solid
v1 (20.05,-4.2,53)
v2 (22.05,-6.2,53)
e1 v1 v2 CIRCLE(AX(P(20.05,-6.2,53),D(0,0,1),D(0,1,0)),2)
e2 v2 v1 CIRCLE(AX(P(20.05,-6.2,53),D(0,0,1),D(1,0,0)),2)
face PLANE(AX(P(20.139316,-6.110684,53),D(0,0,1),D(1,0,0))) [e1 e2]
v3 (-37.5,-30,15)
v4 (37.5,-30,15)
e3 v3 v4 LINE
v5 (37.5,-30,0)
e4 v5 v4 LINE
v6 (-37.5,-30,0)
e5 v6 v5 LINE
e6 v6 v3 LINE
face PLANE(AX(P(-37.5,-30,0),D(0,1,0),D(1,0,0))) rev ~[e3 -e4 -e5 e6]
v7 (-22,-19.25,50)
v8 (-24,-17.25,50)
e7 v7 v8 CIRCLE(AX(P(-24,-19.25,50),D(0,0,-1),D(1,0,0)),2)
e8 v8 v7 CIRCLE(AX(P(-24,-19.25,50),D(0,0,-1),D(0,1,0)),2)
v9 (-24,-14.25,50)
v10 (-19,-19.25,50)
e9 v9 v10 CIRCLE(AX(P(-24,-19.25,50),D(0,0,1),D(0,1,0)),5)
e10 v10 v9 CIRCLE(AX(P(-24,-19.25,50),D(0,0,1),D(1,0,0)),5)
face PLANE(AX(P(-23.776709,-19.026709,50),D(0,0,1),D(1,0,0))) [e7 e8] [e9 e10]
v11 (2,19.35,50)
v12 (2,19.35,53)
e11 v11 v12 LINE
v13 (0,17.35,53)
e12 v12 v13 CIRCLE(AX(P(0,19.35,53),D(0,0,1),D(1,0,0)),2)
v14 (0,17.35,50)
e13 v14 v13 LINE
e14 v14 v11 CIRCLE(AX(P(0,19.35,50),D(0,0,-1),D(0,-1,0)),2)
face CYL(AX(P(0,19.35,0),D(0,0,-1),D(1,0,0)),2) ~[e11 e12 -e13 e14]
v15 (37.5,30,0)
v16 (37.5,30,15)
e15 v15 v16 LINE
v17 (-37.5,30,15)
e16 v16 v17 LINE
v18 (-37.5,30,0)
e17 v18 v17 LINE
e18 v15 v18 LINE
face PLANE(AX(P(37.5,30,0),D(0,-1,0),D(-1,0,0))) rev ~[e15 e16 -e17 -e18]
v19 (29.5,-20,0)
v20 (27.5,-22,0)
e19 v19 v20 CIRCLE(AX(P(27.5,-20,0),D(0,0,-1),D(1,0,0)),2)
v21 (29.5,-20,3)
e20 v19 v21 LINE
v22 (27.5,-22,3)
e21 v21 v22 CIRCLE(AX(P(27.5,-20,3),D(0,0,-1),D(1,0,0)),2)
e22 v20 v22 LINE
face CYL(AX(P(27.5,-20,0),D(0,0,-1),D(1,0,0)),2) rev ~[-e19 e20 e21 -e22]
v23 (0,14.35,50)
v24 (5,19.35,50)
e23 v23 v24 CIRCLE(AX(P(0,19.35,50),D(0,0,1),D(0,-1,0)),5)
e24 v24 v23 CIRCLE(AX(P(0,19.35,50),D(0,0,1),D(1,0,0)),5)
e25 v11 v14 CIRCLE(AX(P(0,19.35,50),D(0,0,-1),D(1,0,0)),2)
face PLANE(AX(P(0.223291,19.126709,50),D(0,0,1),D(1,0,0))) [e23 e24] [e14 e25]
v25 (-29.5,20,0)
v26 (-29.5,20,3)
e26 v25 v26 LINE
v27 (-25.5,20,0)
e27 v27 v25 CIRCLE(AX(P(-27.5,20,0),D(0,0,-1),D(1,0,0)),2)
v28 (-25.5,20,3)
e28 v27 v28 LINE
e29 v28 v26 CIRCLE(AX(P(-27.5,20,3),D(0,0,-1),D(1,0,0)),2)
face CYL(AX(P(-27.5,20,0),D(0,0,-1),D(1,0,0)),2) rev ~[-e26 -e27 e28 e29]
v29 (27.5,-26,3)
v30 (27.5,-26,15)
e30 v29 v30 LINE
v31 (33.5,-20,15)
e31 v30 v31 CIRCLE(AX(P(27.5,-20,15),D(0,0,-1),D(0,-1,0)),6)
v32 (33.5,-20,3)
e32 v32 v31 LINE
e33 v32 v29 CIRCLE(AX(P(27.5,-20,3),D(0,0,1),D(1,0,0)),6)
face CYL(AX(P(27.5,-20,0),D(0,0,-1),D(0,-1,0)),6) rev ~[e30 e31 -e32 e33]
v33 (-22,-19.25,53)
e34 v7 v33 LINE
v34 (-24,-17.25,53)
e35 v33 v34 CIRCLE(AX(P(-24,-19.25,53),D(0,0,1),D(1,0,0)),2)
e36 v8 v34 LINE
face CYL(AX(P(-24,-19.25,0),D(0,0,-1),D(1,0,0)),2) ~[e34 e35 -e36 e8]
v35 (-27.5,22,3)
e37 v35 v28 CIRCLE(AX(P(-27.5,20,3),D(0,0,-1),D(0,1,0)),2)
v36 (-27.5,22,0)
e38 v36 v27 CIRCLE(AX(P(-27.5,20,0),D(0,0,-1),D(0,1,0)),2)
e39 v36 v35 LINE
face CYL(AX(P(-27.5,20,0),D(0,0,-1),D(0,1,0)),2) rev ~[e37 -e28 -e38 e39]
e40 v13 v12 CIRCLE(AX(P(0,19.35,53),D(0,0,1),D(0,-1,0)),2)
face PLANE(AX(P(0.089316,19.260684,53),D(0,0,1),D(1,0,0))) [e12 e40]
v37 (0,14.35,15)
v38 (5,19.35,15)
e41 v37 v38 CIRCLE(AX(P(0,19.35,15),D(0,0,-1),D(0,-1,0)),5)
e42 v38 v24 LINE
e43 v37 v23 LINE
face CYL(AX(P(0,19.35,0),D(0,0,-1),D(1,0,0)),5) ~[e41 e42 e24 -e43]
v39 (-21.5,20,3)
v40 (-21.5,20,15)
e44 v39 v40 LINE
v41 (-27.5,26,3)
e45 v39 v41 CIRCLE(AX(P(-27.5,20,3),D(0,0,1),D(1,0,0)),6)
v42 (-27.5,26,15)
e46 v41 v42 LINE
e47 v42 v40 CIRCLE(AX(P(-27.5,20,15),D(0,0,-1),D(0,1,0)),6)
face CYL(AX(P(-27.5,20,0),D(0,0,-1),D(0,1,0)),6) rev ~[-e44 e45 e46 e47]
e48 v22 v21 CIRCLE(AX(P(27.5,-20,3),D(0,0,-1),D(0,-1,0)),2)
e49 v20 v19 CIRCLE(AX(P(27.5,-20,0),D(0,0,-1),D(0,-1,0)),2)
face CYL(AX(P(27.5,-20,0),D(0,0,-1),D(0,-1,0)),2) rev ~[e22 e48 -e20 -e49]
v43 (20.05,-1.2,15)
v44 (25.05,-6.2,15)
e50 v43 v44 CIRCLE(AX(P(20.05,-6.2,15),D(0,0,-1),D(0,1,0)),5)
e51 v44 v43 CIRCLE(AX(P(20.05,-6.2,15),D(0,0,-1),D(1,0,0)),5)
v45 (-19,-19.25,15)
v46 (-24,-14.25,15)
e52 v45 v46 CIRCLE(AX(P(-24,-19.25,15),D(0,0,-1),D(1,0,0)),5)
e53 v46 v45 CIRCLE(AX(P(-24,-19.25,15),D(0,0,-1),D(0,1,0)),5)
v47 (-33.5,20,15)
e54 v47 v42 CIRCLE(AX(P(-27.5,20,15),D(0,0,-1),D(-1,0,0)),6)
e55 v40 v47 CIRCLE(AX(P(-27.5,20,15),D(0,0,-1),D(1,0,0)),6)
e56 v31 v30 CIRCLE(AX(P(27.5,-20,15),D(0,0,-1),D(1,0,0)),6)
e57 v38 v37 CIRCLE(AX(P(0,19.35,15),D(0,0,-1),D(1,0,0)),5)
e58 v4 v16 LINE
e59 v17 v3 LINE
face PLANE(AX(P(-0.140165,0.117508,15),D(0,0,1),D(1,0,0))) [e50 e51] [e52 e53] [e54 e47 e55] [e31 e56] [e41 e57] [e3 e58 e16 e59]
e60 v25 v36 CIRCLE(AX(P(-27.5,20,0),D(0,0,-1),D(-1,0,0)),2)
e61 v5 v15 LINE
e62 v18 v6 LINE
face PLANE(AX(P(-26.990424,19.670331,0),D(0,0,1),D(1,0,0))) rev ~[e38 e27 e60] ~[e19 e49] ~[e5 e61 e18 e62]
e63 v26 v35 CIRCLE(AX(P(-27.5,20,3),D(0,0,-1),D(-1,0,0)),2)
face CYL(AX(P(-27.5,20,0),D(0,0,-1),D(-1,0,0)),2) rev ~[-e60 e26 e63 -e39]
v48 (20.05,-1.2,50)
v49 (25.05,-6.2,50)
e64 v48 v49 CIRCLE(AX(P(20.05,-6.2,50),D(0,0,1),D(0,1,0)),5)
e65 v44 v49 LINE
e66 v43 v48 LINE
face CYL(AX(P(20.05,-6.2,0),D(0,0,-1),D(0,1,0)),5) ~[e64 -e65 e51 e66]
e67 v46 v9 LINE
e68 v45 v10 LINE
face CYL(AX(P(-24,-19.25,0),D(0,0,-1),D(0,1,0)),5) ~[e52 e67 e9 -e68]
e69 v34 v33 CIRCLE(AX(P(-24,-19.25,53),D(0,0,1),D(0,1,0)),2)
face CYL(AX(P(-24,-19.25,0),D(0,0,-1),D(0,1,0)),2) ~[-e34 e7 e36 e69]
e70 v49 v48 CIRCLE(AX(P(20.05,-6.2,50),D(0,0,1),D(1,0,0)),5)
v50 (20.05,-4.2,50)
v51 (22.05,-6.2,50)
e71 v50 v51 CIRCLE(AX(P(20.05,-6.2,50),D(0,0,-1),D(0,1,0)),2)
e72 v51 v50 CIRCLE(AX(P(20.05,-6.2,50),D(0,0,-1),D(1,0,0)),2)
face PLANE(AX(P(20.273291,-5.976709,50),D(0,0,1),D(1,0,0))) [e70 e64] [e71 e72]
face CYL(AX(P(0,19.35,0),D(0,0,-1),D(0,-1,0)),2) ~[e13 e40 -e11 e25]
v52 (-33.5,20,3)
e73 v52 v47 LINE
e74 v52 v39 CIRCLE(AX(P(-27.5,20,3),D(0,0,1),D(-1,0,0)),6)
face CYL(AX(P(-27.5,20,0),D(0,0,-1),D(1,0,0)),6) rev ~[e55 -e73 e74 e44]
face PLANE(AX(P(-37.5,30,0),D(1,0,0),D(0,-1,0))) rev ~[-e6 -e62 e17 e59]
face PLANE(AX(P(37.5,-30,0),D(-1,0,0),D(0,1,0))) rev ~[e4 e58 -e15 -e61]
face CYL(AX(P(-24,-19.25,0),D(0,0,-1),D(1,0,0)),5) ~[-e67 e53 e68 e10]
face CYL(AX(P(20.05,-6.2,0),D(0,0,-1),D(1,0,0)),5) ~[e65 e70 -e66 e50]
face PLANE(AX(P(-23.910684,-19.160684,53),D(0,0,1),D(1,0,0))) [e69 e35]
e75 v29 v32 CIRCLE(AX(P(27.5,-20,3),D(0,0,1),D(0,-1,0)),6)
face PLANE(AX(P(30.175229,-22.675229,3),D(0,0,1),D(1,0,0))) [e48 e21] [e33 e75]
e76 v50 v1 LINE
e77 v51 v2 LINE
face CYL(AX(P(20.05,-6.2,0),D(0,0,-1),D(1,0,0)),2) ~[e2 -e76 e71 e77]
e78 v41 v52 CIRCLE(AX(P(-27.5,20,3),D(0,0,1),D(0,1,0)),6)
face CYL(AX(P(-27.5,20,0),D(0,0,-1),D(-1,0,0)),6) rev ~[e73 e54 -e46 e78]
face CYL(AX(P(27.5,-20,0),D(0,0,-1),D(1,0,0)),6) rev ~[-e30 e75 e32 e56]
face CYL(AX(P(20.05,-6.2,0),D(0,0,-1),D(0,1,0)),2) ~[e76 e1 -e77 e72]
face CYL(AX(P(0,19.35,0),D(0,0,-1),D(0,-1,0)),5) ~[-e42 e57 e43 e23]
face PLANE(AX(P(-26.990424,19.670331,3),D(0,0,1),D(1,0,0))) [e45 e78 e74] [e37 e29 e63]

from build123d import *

# Parameters (mm, degrees)
F1_DEPTH = 15
F2_DEPTH = 3
F3_DEPTH = 50
F4_DEPTH = 53


with BuildPart() as f1:
    # F0 (on Top) → F1 (new body)
    with BuildSketch(Plane.XY):
        with BuildLine():
            Line((37.5, -20), (37.5, 30))
            Line((37.5, 30), (-27.5, 30))
            Line((-27.5, 30), (-27.5, 26))
            ThreePointArc((-27.5, 26), (-23.2573593129, 24.2426406871), (-21.5, 20))
            ThreePointArc((-21.5, 20), (-27.5, 14), (-33.5, 20))
            Line((-33.5, 20), (-37.5, 20))
            Line((-37.5, 20), (-37.5, -30))
            Line((-37.5, -30), (27.5, -30))
            Line((27.5, -30), (27.5, -26))
            ThreePointArc((27.5, -26), (23.2573593129, -15.7573593129), (33.5, -20))
            Line((33.5, -20), (37.5, -20))
        make_face()
        with BuildLine():
            ThreePointArc((-19, -19.25), (-27.5355339059, -22.7855339059), (-24, -14.25))
            ThreePointArc((-24, -14.25), (-20.4644660941, -15.7144660941), (-19, -19.25))
        make_face(mode=Mode.SUBTRACT)
        with BuildLine():
            ThreePointArc((25.05, -6.2), (16.5144660941, -9.7355339059), (20.05, -1.2))
            ThreePointArc((20.05, -1.2), (23.5855339059, -2.6644660941), (25.05, -6.2))
        make_face(mode=Mode.SUBTRACT)
        with BuildLine():
            ThreePointArc((5, 19.35), (3.5355339059, 15.8144660941), (0, 14.35))
            ThreePointArc((0, 14.35), (-3.5355339059, 22.8855339059), (5, 19.35))
        make_face(mode=Mode.SUBTRACT)
        with BuildLine():
            Line((-27.5, 26), (-27.5, 30))
            Line((-27.5, 30), (-37.5, 30))
            Line((-37.5, 30), (-37.5, 20))
            Line((-37.5, 20), (-33.5, 20))
            ThreePointArc((-33.5, 20), (-31.7426406871, 24.2426406871), (-27.5, 26))
        make_face()
        with BuildLine():
            Line((37.5, -30), (37.5, -20))
            Line((37.5, -20), (33.5, -20))
            ThreePointArc((33.5, -20), (31.7426406871, -24.2426406871), (27.5, -26))
            Line((27.5, -26), (27.5, -30))
            Line((27.5, -30), (37.5, -30))
        make_face()
    extrude(amount=F1_DEPTH)

    # F0 (on Top) → F2 (join)
    with BuildSketch(Plane.XY):
        with BuildLine():
            ThreePointArc((-21.5, 20), (-23.2573593129, 24.2426406871), (-27.5, 26))
            Line((-27.5, 26), (-27.5, 22))
            ThreePointArc((-27.5, 22), (-26.0857864376, 21.4142135624), (-25.5, 20))
            ThreePointArc((-25.5, 20), (-27.5, 18), (-29.5, 20))
            Line((-29.5, 20), (-33.5, 20))
            ThreePointArc((-33.5, 20), (-27.5, 14), (-21.5, 20))
        make_face()
        with BuildLine():
            Line((-27.5, 22), (-27.5, 26))
            ThreePointArc((-27.5, 26), (-31.7426406871, 24.2426406871), (-33.5, 20))
            Line((-33.5, 20), (-29.5, 20))
            ThreePointArc((-29.5, 20), (-28.9142135624, 21.4142135624), (-27.5, 22))
        make_face()
        with BuildLine():
            ThreePointArc((27.5, -26), (31.7426406871, -24.2426406871), (33.5, -20))
            Line((33.5, -20), (29.5, -20))
            ThreePointArc((29.5, -20), (28.9142135624, -21.4142135624), (27.5, -22))
            Line((27.5, -22), (27.5, -26))
        make_face()
        with BuildLine():
            Line((29.5, -20), (33.5, -20))
            ThreePointArc((33.5, -20), (23.2573593129, -15.7573593129), (27.5, -26))
            Line((27.5, -26), (27.5, -22))
            ThreePointArc((27.5, -22), (26.0857864376, -18.5857864376), (29.5, -20))
        make_face()
    extrude(amount=F2_DEPTH)

    # F0 (on Top) → F3 (join)
    with BuildSketch(Plane.XY):
        with BuildLine():
            ThreePointArc((5, 19.35), (-3.5355339059, 22.8855339059), (0, 14.35))
            ThreePointArc((0, 14.35), (3.5355339059, 15.8144660941), (5, 19.35))
        make_face()
        with BuildLine():
            ThreePointArc((2, 19.35), (1.4142135624, 17.9357864376), (0, 17.35))
            ThreePointArc((0, 17.35), (-1.4142135624, 20.7642135624), (2, 19.35))
        make_face(mode=Mode.SUBTRACT)
        with BuildLine():
            ThreePointArc((-19, -19.25), (-20.4644660941, -15.7144660941), (-24, -14.25))
            ThreePointArc((-24, -14.25), (-27.5355339059, -22.7855339059), (-19, -19.25))
        make_face()
        with BuildLine():
            ThreePointArc((-22, -19.25), (-25.4142135624, -20.6642135624), (-24, -17.25))
            ThreePointArc((-24, -17.25), (-22.5857864376, -17.8357864376), (-22, -19.25))
        make_face(mode=Mode.SUBTRACT)
        with BuildLine():
            ThreePointArc((25.05, -6.2), (23.5855339059, -2.6644660941), (20.05, -1.2))
            ThreePointArc((20.05, -1.2), (16.5144660941, -9.7355339059), (25.05, -6.2))
        make_face()
        with BuildLine():
            ThreePointArc((22.05, -6.2), (18.6357864376, -7.6142135624), (20.05, -4.2))
            ThreePointArc((20.05, -4.2), (21.4642135624, -4.7857864376), (22.05, -6.2))
        make_face(mode=Mode.SUBTRACT)
    extrude(amount=F3_DEPTH)

    # F0 (on Top) → F4 (join)
    with BuildSketch(Plane.XY):
        with BuildLine():
            ThreePointArc((2, 19.35), (-1.4142135624, 20.7642135624), (0, 17.35))
            ThreePointArc((0, 17.35), (1.4142135624, 17.9357864376), (2, 19.35))
        make_face()
        with BuildLine():
            ThreePointArc((-22, -19.25), (-22.5857864376, -17.8357864376), (-24, -17.25))
            ThreePointArc((-24, -17.25), (-25.4142135624, -20.6642135624), (-22, -19.25))
        make_face()
        with BuildLine():
            ThreePointArc((22.05, -6.2), (21.4642135624, -4.7857864376), (20.05, -4.2))
            ThreePointArc((20.05, -4.2), (18.6357864376, -7.6142135624), (22.05, -6.2))
        make_face()
    extrude(amount=F4_DEPTH)


solid = f1.part
